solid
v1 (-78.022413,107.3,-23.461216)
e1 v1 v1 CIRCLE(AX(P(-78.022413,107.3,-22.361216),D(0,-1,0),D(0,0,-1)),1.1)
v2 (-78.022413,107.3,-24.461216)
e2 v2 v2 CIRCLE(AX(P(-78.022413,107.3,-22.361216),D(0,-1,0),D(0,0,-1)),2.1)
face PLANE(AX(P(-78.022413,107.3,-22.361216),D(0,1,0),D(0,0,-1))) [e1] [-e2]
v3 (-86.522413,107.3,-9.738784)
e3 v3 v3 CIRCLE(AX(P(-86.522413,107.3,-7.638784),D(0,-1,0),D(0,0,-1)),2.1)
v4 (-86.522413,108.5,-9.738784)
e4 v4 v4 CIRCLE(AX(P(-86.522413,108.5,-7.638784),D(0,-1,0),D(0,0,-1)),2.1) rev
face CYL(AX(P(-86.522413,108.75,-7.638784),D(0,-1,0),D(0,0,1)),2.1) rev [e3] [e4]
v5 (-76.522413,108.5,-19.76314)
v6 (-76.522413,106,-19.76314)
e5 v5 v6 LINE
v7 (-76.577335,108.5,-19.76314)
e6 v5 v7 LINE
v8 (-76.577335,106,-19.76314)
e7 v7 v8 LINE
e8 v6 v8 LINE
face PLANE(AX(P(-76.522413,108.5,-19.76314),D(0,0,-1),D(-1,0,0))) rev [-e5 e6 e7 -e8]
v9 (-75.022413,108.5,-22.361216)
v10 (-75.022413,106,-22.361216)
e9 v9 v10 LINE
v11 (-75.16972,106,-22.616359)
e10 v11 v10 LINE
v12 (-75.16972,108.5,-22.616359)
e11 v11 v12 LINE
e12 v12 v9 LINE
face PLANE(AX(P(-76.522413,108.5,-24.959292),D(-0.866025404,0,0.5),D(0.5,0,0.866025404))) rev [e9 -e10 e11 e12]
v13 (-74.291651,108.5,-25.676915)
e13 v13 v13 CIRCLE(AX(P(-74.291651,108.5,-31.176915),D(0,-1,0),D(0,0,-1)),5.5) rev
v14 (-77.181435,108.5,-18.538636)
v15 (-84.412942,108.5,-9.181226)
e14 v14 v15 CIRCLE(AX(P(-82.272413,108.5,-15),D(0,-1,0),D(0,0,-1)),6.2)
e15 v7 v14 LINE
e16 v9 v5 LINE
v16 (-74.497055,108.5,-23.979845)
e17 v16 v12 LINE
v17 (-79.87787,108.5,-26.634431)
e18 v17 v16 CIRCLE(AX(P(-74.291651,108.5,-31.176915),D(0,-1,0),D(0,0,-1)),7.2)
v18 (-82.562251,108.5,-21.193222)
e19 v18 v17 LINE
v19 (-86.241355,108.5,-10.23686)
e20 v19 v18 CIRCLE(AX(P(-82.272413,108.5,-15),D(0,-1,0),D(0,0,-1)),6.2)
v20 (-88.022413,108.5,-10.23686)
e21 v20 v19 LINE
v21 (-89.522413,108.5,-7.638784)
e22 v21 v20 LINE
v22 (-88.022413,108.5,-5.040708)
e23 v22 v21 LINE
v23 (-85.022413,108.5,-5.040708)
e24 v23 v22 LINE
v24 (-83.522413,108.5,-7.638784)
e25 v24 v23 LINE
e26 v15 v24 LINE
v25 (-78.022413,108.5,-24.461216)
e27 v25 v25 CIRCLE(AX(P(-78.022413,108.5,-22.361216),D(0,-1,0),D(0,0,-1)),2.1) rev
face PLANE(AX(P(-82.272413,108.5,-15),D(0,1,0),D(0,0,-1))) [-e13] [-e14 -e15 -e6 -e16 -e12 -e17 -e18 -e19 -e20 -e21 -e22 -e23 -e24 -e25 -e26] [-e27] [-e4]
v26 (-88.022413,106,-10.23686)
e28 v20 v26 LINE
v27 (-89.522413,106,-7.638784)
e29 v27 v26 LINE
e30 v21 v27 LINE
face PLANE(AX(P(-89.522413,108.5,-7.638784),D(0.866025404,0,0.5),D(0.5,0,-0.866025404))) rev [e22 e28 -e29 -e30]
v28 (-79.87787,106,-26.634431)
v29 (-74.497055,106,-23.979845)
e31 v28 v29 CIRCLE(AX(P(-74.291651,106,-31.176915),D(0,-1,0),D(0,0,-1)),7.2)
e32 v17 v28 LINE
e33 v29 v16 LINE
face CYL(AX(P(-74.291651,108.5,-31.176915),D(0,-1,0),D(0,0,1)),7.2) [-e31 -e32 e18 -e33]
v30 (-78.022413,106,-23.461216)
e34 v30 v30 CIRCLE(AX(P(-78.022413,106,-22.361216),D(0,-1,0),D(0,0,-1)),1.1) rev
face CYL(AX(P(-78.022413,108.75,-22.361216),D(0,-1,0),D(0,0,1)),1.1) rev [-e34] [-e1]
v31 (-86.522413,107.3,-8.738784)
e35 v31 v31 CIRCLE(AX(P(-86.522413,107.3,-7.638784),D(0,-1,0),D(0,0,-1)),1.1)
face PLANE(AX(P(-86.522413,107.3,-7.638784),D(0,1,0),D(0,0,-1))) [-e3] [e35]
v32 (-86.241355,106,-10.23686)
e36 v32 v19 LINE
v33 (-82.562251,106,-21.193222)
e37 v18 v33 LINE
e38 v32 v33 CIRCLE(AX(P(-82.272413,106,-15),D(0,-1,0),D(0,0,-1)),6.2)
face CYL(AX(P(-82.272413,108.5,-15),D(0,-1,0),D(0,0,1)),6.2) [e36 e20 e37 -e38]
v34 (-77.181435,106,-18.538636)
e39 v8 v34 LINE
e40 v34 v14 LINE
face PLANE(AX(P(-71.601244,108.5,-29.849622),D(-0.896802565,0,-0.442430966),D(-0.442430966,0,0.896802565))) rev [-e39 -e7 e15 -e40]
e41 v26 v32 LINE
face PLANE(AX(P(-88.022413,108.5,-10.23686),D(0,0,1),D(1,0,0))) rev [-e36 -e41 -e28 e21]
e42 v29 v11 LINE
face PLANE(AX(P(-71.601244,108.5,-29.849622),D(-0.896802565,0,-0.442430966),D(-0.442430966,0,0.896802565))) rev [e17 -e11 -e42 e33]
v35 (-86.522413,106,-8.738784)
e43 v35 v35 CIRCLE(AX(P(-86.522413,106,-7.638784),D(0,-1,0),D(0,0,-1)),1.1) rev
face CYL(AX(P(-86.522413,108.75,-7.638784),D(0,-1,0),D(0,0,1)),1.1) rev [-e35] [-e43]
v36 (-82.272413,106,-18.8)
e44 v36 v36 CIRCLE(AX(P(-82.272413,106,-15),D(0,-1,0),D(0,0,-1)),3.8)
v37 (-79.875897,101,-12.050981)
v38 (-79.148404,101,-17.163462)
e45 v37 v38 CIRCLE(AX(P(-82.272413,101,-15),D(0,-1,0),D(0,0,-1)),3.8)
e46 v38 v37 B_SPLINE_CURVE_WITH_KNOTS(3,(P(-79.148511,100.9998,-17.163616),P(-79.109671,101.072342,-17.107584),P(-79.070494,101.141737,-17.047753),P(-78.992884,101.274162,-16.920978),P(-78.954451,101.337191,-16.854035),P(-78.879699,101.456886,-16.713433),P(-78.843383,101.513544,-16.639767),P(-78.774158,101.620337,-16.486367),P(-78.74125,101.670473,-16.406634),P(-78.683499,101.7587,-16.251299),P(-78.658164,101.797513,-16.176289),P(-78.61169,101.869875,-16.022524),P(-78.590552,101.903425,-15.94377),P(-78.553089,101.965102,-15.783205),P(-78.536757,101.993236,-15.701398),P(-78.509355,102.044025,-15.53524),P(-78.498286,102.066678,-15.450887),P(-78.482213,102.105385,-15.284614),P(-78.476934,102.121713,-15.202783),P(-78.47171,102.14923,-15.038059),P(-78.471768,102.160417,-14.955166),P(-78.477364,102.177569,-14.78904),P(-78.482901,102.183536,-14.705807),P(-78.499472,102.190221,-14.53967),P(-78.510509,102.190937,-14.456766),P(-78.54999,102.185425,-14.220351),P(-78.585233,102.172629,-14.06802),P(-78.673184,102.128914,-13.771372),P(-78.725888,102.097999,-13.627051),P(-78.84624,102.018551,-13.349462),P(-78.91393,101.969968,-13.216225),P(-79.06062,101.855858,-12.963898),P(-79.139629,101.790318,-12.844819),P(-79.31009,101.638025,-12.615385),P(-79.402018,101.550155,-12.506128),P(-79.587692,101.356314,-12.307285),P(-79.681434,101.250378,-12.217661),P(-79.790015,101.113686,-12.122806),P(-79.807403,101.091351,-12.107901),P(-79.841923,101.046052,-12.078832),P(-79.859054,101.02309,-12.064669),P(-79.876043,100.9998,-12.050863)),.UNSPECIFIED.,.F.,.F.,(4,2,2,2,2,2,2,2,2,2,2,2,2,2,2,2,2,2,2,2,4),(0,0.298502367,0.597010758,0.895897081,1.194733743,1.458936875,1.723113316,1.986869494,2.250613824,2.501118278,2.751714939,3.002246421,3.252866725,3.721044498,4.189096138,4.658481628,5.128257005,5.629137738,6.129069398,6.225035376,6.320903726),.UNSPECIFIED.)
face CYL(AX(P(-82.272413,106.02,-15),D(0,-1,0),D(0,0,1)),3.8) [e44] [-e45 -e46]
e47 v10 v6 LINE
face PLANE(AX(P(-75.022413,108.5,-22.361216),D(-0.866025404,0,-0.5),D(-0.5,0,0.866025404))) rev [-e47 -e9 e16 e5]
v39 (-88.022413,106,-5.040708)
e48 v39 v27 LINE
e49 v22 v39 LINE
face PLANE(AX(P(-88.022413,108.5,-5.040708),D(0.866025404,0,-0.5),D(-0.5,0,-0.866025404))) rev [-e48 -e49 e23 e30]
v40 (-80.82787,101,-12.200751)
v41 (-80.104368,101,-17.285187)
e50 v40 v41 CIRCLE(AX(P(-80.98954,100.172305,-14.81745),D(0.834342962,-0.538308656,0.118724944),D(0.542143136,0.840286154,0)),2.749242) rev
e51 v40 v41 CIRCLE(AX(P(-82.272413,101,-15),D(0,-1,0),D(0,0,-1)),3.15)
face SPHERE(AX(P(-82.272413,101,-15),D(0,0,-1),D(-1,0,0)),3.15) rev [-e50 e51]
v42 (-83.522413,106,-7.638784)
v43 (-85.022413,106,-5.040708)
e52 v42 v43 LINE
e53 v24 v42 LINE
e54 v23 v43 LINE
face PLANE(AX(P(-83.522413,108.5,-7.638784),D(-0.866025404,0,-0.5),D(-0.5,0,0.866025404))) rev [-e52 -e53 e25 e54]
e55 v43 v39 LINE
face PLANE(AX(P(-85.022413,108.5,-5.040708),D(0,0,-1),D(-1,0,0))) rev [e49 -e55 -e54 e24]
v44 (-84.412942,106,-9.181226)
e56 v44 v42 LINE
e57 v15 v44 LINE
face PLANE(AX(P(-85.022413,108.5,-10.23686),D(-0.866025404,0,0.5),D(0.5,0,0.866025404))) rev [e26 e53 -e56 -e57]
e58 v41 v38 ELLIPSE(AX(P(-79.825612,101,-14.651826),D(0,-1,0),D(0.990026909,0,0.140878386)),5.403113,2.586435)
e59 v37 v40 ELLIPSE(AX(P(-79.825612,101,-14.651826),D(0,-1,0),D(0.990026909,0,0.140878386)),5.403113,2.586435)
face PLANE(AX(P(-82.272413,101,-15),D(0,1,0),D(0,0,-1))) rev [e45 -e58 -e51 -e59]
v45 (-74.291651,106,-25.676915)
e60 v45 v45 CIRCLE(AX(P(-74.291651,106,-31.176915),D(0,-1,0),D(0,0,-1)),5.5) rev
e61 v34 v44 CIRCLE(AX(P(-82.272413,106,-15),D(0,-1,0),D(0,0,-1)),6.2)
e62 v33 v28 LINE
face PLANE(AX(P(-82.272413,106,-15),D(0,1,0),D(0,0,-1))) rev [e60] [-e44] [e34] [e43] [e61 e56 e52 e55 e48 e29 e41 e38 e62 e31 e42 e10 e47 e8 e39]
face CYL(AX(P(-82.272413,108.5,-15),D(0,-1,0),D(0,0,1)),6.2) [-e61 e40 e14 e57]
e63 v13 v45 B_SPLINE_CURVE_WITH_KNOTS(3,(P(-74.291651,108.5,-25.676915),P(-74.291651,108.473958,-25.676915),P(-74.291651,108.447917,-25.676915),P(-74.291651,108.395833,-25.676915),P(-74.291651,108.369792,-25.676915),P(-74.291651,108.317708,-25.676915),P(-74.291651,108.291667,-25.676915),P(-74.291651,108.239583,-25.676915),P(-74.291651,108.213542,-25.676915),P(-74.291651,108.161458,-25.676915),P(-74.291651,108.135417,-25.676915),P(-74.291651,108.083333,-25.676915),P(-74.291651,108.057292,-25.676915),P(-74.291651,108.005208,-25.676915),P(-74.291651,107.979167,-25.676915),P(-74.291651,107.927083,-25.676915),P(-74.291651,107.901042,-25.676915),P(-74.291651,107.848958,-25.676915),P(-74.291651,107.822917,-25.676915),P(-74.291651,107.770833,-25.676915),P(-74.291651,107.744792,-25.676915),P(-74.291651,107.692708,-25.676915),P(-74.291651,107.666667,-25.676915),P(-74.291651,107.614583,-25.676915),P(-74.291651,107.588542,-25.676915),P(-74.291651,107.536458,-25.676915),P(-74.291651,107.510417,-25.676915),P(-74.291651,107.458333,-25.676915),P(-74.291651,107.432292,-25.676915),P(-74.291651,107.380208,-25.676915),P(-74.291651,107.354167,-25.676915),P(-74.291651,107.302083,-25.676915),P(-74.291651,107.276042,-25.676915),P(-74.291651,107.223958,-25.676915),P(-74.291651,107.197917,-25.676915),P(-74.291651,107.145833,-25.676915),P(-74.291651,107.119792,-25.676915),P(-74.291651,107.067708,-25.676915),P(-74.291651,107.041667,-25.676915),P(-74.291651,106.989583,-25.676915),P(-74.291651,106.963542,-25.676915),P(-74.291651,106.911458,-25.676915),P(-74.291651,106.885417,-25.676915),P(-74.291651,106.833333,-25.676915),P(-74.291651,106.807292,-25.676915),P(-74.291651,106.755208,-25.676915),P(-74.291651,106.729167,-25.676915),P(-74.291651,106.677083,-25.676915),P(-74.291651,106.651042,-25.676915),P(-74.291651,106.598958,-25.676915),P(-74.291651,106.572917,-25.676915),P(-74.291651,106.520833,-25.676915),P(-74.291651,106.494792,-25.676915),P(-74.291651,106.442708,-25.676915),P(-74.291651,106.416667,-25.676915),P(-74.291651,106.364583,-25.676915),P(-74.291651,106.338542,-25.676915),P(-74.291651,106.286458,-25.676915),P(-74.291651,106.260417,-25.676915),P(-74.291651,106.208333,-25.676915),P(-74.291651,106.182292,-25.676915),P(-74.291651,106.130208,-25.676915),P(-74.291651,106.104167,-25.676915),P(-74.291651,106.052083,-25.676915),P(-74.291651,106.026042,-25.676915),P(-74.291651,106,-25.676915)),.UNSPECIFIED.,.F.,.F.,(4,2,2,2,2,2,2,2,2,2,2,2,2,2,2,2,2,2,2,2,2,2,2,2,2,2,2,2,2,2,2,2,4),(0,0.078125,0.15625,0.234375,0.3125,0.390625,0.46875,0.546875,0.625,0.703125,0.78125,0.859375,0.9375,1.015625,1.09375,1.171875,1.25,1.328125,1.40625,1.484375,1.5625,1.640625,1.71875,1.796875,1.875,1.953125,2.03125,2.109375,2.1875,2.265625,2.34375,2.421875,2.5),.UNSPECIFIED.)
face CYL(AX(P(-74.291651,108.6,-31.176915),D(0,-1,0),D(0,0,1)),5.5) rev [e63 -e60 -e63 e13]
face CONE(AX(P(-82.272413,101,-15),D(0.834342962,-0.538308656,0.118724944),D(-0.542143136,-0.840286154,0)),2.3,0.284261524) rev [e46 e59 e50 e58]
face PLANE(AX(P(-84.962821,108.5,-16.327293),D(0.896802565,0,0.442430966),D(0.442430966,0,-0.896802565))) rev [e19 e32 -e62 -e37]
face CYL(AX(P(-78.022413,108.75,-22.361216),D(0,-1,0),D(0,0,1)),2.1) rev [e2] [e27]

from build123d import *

# Parameters (mm, degrees)
RETAINER_FEATURE_1_PROFILE_R  = 3.8
RETAINER_FEATURE_1_DEPTH      = 5.02
RETAINER_FEATURE_2_PROFILE_R  = 6.2
RETAINER_FEATURE_2_DEPTH      = 2.5
RETAINER_FEATURE_5_DEPTH      = 2.5
RETAINER_FEATURE_8_DEPTH      = 2.5
RETAINER_FEATURE_12_DEPTH     = 2.5
RETAINER_FEATURE_13_PROFILE_R = 7.2
RETAINER_FEATURE_13_DEPTH     = 2.5
RETAINER_FEATURE_14_PROFILE_R = 5.5
RETAINER_FEATURE_14_DEPTH     = 2.7
RETAINER_FEATURE_15_PROFILE_R = 1.1
RETAINER_FEATURE_15_DEPTH     = 3.75
RETAINER_FEATURE_16_PROFILE_R = 2.1
RETAINER_FEATURE_16_DEPTH     = 1.45
RETAINER_FEATURE_17_PROFILE_R = 1.1
RETAINER_FEATURE_17_DEPTH     = 3.75
RETAINER_FEATURE_18_PROFILE_R = 2.1
RETAINER_FEATURE_18_DEPTH     = 1.45


with BuildPart() as part:
    # Retainer Feature 1 profile → Retainer Feature 1 (new body)
    with BuildSketch(Plane(origin=(0, -101, 0), x_dir=(-1, 0, 0), z_dir=(0, -1, 0))):
        with Locations(Location((82.27241336, 15, 0), (0, 0, 90))):
            Circle(RETAINER_FEATURE_1_PROFILE_R)
    extrude(amount=RETAINER_FEATURE_1_DEPTH)

    # Retainer Feature 2 profile → Retainer Feature 2 (add)
    with BuildSketch(Plane(origin=(0, -106, 0), x_dir=(-1, 0, 0), z_dir=(0, -1, 0))):
        with Locations(Location((82.27241336, 15, 0), (0, 0, 90))):
            Circle(RETAINER_FEATURE_2_PROFILE_R)
    extrude(amount=RETAINER_FEATURE_2_DEPTH)

    # Middle Right Floating Compression Ball R → Retainer Feature 5 (add)
    with BuildSketch(Plane(origin=(0, -106, 0), x_dir=(-1, 0, 0), z_dir=(0, -1, 0))):
        Polygon((83.52241336, 7.638784068), (85.02241336, 5.040707856), (88.02241336, 5.040707856), (89.52241336, 7.638784068), (88.02241336, 10.236860279), (85.02241336, 10.236860279), align=None)
    extrude(amount=RETAINER_FEATURE_5_DEPTH)

    # Middle Right Floating Compression Ba 2 → Retainer Feature 8 (add)
    with BuildSketch(Plane(origin=(0, -106, 0), x_dir=(-1, 0, 0), z_dir=(0, -1, 0))):
        Polygon((75.02241336, 22.361215932), (76.52241336, 19.763139721), (79.52241336, 19.763139721), (81.02241336, 22.361215932), (79.52241336, 24.959292144), (76.52241336, 24.959292144), align=None)
    extrude(amount=RETAINER_FEATURE_8_DEPTH)

    # Retainer Feature 9 profile → Retainer Feature 9 (revolve, cut)
    with BuildSketch(Plane(origin=(0, -101, 0), x_dir=(-1, 0, 0), z_dir=(0, -1, 0))):
        with BuildLine():
            Line((82.27241336, 11.85), (82.27241336, 18.15))
            ThreePointArc((82.27241336, 18.15), (79.12241336, 15), (82.27241336, 11.85))
        make_face()
    revolve(axis=Axis((-82.27241336, -101, -25), (0, 0, 1)), mode=Mode.SUBTRACT)

    # Middle Right Floating Compression Ba 3 → Retainer Feature 12 (add)
    with BuildSketch(Plane(origin=(0, -106, 0), x_dir=(-1, 0, 0), z_dir=(0, -1, 0))):
        Polygon((84.962821054, 16.327292899), (76.98205894, 32.504207435), (71.601243552, 29.849621637), (79.582005666, 13.672707101), align=None)
    extrude(amount=RETAINER_FEATURE_12_DEPTH)

    # Retainer Feature 13 profile → Retainer Feature 13 (add)
    with BuildSketch(Plane(origin=(0, -106, 0), x_dir=(-1, 0, 0), z_dir=(0, -1, 0))):
        with Locations((74.291651246, 31.176914536)):
            Circle(RETAINER_FEATURE_13_PROFILE_R)
    extrude(amount=RETAINER_FEATURE_13_DEPTH)

    # Retainer Feature 14 profile → Retainer Feature 14 (cut)
    with BuildSketch(Plane(origin=(0, -105.9, 0), x_dir=(-1, 0, 0), z_dir=(0, -1, 0))):
        with Locations(Location((74.291651246, 31.176914536, 0), (0, 0, 270))):
            Circle(RETAINER_FEATURE_14_PROFILE_R)
    extrude(amount=RETAINER_FEATURE_14_DEPTH, mode=Mode.SUBTRACT)

    # Retainer Feature 15 profile → Retainer Feature 15 (cut)
    with BuildSketch(Plane(origin=(0, -105, 0), x_dir=(-1, 0, 0), z_dir=(0, -1, 0))):
        with Locations(Location((86.52241336, 7.638784068, 0), (0, 0, 90))):
            Circle(RETAINER_FEATURE_15_PROFILE_R)
    extrude(amount=RETAINER_FEATURE_15_DEPTH, mode=Mode.SUBTRACT)

    # Retainer Feature 16 profile → Retainer Feature 16 (cut)
    with BuildSketch(Plane(origin=(0, -107.3, 0), x_dir=(-1, 0, 0), z_dir=(0, -1, 0))):
        with Locations(Location((86.52241336, 7.638784068, 0), (0, 0, 90))):
            Circle(RETAINER_FEATURE_16_PROFILE_R)
    extrude(amount=RETAINER_FEATURE_16_DEPTH, mode=Mode.SUBTRACT)

    # Retainer Feature 17 profile → Retainer Feature 17 (cut)
    with BuildSketch(Plane(origin=(0, -105, 0), x_dir=(-1, 0, 0), z_dir=(0, -1, 0))):
        with Locations(Location((78.02241336, 22.361215932, 0), (0, 0, 90))):
            Circle(RETAINER_FEATURE_17_PROFILE_R)
    extrude(amount=RETAINER_FEATURE_17_DEPTH, mode=Mode.SUBTRACT)

    # Retainer Feature 18 profile → Retainer Feature 18 (cut)
    with BuildSketch(Plane(origin=(0, -107.3, 0), x_dir=(-1, 0, 0), z_dir=(0, -1, 0))):
        with Locations(Location((78.02241336, 22.361215932, 0), (0, 0, 90))):
            Circle(RETAINER_FEATURE_18_PROFILE_R)
    extrude(amount=RETAINER_FEATURE_18_DEPTH, mode=Mode.SUBTRACT)

    # Articulation Throat Sketch → Articulation Throat (revolve, cut)
    with BuildSketch(Plane(origin=(21.848129609, -32.292361412, -7.122138515), x_dir=(-0.8343429620590533, -0.5383086561091639, -0.11872494439026368), z_dir=(0.551245699903886, -0.8147619813060819, -0.17969722356136375))):
        Polygon((124.793457491, -7.104979762), (124.793457491, -4.804979762), (101.793457491, 1.915020238), (101.793457491, -7.104979762), align=None)
    revolve(axis=Axis((-90.61584298, -106.383086561, -16.187249444), (0.8343429620590537, 0.5383086561091633, 0.11872494439026321)), mode=Mode.SUBTRACT)


with BuildPart() as body_2:
    # Mirror1: mirrored copy
    add(part.part.mirror(Plane(origin=(0, 0, 0), x_dir=(0, 0, 1), z_dir=(0, -1, 0))))


solid = body_2.part
